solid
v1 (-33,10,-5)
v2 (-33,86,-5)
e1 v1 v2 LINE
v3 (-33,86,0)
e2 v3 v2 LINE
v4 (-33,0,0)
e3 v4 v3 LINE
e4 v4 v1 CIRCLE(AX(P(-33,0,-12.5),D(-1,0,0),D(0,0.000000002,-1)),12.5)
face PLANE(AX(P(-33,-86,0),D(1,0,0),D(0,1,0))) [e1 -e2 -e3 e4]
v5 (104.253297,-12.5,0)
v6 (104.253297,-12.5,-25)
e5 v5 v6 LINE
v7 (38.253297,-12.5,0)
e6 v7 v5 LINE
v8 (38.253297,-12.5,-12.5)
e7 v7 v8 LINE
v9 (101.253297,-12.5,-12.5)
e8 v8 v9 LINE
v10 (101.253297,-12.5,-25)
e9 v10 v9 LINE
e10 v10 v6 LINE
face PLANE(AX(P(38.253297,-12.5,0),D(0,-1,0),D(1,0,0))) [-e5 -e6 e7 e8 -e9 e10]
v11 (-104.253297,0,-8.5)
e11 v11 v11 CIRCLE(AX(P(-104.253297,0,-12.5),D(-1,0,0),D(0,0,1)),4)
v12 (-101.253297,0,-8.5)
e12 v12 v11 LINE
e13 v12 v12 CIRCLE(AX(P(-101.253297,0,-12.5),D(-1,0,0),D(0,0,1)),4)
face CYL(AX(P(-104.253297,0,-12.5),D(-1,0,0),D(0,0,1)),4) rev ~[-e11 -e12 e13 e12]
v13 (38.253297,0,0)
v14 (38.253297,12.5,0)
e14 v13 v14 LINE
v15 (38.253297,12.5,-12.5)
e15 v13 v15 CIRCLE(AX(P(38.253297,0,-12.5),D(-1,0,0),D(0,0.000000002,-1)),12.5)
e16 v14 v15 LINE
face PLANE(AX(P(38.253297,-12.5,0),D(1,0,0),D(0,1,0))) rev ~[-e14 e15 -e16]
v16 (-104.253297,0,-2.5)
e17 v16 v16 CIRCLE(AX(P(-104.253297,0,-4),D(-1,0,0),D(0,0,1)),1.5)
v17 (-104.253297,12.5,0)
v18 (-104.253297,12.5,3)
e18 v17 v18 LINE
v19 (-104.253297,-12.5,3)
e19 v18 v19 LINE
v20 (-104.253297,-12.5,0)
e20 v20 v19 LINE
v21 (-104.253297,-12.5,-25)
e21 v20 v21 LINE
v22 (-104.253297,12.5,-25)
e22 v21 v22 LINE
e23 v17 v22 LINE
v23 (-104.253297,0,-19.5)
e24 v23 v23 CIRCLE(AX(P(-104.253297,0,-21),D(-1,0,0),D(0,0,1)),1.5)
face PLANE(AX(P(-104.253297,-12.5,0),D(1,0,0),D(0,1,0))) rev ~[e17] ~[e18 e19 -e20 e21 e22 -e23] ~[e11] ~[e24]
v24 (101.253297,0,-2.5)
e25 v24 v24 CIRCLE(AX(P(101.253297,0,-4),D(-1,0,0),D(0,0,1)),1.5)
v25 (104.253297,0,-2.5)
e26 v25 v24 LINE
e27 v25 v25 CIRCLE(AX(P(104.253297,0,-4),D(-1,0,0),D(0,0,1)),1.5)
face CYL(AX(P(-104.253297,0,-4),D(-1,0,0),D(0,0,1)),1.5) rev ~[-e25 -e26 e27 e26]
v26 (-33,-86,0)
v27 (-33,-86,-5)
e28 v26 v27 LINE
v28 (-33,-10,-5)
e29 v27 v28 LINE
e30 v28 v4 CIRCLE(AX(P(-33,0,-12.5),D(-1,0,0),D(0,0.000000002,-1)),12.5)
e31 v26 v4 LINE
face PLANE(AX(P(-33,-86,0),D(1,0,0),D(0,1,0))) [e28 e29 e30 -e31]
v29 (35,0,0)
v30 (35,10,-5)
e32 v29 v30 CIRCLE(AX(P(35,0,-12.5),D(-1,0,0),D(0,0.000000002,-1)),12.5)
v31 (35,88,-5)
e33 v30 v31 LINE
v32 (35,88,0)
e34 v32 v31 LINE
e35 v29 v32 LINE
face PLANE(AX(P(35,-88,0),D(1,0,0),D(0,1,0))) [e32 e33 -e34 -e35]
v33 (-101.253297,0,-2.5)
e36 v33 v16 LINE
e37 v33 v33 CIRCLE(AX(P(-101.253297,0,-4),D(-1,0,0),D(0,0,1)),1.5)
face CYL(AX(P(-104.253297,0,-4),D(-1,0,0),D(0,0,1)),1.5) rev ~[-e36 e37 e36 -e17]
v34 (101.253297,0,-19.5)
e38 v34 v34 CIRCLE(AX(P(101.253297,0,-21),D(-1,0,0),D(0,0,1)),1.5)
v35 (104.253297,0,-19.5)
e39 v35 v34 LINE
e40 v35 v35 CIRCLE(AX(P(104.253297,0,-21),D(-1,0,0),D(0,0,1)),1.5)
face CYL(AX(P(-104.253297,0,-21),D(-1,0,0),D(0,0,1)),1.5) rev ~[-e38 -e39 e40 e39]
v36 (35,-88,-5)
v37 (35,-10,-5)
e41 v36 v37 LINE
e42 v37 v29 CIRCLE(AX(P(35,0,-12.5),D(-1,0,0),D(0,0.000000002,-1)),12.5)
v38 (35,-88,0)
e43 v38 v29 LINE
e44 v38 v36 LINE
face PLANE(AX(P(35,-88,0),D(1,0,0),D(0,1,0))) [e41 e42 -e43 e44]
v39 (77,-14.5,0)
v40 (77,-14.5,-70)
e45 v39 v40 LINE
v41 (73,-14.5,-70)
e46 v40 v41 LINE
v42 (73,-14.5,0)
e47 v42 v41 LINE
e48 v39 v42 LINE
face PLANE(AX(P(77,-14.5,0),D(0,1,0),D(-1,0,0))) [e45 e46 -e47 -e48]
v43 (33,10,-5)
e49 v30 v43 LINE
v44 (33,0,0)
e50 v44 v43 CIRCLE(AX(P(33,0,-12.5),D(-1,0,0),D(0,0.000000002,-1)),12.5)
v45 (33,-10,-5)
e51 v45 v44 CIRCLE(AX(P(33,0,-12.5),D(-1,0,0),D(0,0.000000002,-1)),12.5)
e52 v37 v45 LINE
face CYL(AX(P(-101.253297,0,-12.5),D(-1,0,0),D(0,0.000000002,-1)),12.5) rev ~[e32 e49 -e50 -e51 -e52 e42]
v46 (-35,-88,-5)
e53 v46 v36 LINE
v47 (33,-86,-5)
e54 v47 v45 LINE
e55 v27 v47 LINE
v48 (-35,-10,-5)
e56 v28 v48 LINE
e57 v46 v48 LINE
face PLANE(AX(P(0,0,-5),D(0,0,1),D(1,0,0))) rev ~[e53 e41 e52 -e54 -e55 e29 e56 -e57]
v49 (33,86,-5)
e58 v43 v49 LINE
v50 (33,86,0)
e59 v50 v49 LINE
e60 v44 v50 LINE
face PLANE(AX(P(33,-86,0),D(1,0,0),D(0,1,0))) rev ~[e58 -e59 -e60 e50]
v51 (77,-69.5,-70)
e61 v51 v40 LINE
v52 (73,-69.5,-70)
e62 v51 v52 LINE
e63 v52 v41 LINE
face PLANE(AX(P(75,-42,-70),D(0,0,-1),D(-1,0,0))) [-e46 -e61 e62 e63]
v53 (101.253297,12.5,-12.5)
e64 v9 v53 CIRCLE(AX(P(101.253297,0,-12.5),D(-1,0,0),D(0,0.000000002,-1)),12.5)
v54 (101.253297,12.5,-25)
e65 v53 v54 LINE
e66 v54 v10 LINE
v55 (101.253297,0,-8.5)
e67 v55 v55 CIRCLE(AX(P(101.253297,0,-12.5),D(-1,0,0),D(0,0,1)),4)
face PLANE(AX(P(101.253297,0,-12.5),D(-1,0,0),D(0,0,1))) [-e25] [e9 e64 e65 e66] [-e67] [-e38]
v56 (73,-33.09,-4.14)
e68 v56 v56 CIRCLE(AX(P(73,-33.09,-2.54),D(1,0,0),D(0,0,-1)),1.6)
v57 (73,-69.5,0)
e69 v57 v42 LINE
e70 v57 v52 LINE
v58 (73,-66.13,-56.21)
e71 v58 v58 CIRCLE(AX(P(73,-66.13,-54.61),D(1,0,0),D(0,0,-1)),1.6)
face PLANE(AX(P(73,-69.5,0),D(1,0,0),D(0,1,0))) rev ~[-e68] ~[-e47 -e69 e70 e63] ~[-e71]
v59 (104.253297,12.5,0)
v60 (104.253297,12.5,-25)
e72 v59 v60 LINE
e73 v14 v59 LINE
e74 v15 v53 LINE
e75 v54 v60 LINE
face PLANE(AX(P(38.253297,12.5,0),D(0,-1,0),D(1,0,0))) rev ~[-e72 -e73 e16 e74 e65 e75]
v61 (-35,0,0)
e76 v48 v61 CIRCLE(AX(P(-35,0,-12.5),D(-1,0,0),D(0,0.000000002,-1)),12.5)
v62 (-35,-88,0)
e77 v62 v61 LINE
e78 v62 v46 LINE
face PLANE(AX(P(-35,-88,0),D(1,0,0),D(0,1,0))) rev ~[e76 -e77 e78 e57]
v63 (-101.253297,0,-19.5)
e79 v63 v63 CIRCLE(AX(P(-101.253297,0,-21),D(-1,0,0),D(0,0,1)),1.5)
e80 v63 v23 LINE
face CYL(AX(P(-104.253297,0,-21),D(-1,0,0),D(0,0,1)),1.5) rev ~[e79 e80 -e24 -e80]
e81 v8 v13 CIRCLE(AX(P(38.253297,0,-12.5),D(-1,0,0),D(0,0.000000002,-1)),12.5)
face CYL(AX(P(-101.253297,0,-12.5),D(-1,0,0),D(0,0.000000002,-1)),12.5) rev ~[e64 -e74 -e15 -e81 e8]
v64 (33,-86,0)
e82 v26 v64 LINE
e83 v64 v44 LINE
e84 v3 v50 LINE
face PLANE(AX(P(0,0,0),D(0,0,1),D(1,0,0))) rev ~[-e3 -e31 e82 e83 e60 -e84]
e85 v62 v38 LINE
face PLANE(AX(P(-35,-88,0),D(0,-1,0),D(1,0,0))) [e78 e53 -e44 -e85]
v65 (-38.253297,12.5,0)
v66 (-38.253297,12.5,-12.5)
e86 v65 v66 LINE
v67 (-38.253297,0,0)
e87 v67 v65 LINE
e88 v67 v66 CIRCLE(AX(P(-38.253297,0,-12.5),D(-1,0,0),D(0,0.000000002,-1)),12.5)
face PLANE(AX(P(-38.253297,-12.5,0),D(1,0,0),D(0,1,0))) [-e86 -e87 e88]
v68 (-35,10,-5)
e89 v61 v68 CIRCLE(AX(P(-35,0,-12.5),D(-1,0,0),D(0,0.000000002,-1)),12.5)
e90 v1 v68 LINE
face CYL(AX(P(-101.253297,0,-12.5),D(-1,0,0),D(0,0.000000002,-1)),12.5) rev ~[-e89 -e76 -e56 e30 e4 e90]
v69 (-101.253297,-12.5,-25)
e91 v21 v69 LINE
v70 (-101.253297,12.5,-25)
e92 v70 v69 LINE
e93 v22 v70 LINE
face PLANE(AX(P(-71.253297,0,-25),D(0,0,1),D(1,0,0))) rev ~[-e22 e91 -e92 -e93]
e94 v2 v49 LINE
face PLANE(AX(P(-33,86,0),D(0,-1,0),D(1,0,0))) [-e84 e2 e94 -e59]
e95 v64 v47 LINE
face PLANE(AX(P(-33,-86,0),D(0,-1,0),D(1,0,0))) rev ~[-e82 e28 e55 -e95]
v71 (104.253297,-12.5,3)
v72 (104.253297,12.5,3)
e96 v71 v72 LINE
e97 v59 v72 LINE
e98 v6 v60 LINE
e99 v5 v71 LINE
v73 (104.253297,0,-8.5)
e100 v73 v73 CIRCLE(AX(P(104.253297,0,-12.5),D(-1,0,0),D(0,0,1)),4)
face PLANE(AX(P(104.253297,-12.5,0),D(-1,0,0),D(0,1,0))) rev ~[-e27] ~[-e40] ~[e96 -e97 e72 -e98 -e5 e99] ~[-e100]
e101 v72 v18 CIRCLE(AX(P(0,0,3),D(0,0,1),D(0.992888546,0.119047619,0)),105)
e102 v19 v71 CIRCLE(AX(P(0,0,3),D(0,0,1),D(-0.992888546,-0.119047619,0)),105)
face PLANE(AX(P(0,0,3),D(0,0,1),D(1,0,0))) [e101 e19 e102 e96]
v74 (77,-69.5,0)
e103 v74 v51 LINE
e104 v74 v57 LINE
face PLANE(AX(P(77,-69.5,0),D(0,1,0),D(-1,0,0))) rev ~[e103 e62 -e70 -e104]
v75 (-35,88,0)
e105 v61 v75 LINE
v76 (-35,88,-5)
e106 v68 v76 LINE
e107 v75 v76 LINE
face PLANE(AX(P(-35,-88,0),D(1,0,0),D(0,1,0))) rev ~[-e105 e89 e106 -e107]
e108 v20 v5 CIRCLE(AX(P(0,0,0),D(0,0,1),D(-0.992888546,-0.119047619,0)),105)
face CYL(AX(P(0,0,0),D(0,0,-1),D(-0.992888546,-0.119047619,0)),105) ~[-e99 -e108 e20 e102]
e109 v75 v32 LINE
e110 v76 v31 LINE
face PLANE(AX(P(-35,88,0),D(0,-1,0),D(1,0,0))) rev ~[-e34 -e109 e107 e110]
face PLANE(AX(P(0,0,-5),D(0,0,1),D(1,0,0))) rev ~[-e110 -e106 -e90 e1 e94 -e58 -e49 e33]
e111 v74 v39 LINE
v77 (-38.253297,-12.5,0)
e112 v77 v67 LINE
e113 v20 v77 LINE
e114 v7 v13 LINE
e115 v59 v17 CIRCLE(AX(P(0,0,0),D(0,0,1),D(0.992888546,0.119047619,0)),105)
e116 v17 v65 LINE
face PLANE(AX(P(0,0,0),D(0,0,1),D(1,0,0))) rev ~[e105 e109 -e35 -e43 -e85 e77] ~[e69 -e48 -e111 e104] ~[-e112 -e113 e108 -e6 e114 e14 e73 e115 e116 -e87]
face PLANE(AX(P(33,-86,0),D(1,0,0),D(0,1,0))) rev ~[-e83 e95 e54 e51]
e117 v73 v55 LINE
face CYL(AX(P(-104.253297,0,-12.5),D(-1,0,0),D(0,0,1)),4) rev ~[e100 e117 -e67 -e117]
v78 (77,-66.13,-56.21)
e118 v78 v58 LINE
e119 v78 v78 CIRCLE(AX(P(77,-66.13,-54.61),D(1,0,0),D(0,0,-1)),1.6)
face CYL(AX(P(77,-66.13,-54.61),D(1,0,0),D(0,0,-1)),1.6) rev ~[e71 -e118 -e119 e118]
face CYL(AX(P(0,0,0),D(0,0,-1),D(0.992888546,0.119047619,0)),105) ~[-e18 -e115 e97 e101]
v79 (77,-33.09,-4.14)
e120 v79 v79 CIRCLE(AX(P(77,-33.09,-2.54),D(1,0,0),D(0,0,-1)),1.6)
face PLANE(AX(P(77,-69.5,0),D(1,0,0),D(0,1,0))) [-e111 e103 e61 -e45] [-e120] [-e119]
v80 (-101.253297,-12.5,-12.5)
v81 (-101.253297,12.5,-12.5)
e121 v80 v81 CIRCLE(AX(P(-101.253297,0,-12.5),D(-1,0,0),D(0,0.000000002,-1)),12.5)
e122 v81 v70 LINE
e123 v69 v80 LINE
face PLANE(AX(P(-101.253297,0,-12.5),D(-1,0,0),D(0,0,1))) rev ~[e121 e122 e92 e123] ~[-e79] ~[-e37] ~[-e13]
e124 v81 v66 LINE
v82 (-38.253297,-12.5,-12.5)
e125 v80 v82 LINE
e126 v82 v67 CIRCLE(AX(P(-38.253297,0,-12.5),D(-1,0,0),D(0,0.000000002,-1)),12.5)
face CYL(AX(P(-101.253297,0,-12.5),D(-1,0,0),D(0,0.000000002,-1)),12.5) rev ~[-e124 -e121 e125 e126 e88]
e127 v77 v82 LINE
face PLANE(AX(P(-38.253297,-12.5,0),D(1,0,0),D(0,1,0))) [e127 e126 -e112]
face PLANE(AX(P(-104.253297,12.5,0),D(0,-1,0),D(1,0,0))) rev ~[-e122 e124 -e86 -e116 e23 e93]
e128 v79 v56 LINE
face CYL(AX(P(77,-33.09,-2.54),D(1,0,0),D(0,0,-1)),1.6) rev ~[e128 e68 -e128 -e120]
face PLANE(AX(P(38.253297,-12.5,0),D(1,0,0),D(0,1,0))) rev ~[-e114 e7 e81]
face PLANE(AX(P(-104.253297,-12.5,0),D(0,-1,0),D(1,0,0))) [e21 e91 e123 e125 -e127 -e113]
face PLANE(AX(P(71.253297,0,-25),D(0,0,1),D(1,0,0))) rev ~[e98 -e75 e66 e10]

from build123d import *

# Parameters (mm, degrees)
BOSS_EXTRUDE1_DEPTH     = 3
SKETCH1_3_W             = 70
SKETCH1_3_H             = 176
SKETCH1_3_W_2           = 66
SKETCH1_3_H_2           = 172
BOSS_EXTRUDE2_DEPTH     = 5
SKETCH1_4_W             = 66
SKETCH1_4_H             = 25
BOSS_EXTRUDE3_DEPTH     = 25
CUT_EXTRUDE1_START      = -3
SKETCH2_R               = 12.5
SKETCH2_R_2             = 1.5
CUT_EXTRUDE1_DEPTH      = 202.50659462
SKETCH2_4_R             = 1.5
SKETCH2_4_R_2           = 4
CUT_EXTRUDE2_DEPTH      = 1
CUT_EXTRUDE2_DEPTH_BACK = 209.50659462
SKETCH5_R               = 14.5
CUT_EXTRUDE3_DEPTH      = 15.5
SKETCH6_W               = 4
SKETCH6_H               = 55
BOSS_EXTRUDE4_DEPTH     = 70
SKETCH7_R               = 1.6
CUT_EXTRUDE4_DEPTH      = 4


with BuildPart() as part:
    # Sketch1 → Boss-Extrude1 (new body)
    with BuildSketch(Plane.XY):
        with BuildLine():
            ThreePointArc((104.25329731, 12.5), (0, 105), (-104.25329731, 12.5))
            Line((-104.25329731, 12.5), (-104.25329731, -12.5))
            ThreePointArc((-104.25329731, -12.5), (0, -105), (104.25329731, -12.5))
            Line((104.25329731, -12.5), (104.25329731, 12.5))
        make_face()
    extrude(amount=BOSS_EXTRUDE1_DEPTH)

    # Sketch1_3 → Boss-Extrude2 (add)
    with BuildSketch(Plane.XY):
        Rectangle(SKETCH1_3_W, SKETCH1_3_H)
        Rectangle(SKETCH1_3_W_2, SKETCH1_3_H_2, mode=Mode.SUBTRACT)
    extrude(amount=-BOSS_EXTRUDE2_DEPTH)

    # Sketch1_4 → Boss-Extrude3 (add)
    with BuildSketch(Plane.XY):
        with Locations((-71.25329731, 0)):
            Rectangle(SKETCH1_4_W, SKETCH1_4_H)
        with Locations((71.25329731, 0)):
            Rectangle(SKETCH1_4_W, SKETCH1_4_H)
    extrude(amount=-BOSS_EXTRUDE3_DEPTH)

    # Sketch2 → Cut-Extrude1 (cut)
    with BuildSketch(Plane.ZY.offset(104.25329731).offset(CUT_EXTRUDE1_START)):
        with Locations((-12.5, 0)):
            Circle(SKETCH2_R)
        with Locations((-4, 0)):
            Circle(SKETCH2_R_2, mode=Mode.SUBTRACT)
        with Locations((-21, 0)):
            Circle(SKETCH2_R_2, mode=Mode.SUBTRACT)
        with BuildLine():
            ThreePointArc((-25, 2.5e-08), (-21.338834756, 8.838834774), (-12.5, 12.5))
            Line((-12.5, 12.5), (-25, 12.5))
            Line((-25, 12.5), (-25, 2.5e-08))
        make_face()
        with BuildLine():
            ThreePointArc((-12.5, -12.5), (-21.338834774, -8.838834756), (-25, 2.5e-08))
            Line((-25, 2.5e-08), (-25, -12.5))
            Line((-25, -12.5), (-12.5, -12.5))
        make_face()
    extrude(amount=-CUT_EXTRUDE1_DEPTH, mode=Mode.SUBTRACT)


with BuildPart() as cut_extrude1_piece_1:
    # of the 3 separate pieces the step leaves, piece 1, a body of its own (cut_extrude1_pieces)
    add(part.part.solids().sort_by_distance((104.25329731, -12.5, 0))[0])


with BuildPart() as cut_extrude1_piece_2:
    # of the 3 separate pieces the step leaves, piece 2, a body of its own (cut_extrude1_pieces)
    add(part.part.solids().sort_by_distance((-35, -1.118033989, -5))[0])


with BuildPart() as cut_extrude1_piece_3:
    # of the 3 separate pieces the step leaves, piece 3, a body of its own (cut_extrude1_pieces)
    add(part.part.solids().sort_by_distance((35, 1.118033989, -5))[0])


with BuildPart() as cut_extrude2_tool:
    # Sketch2_4 → Cut-Extrude2 (new, two sides)
    with BuildSketch(Plane.ZY.offset(104.25329731)) as cut_extrude2_sk:
        with Locations((-21, 0)):
            Circle(SKETCH2_4_R)
        with Locations((-4, 0)):
            Circle(SKETCH2_4_R)
        with Locations((-12.5, 0)):
            Circle(SKETCH2_4_R_2)
    extrude(amount=CUT_EXTRUDE2_DEPTH)
    extrude(cut_extrude2_sk.sketch, amount=-CUT_EXTRUDE2_DEPTH_BACK)


with BuildPart() as cut_extrude1_piece_1_1:
    add(cut_extrude1_piece_1.part)

    # Cut-Extrude2: cut by cut_extrude2_tool
    add(cut_extrude2_tool.part, mode=Mode.SUBTRACT)

    # Sketch4 one side → Revolve1 (revolve)
    with BuildSketch(Plane(origin=(0, 0, 0), x_dir=(0, 0, -1), z_dir=(1, 0, 0))):
        with BuildLine():
            Line((-17.5, 90.5), (-3, 90.5))
            Line((-3, 90.5), (-3, 105))
            ThreePointArc((-3, 105), (-13.253048327, 100.753048327), (-17.5, 90.5))
        make_face()
    revolve(axis=Axis((0, 90.5, 17.5), (0, 0, -1)))

    # Sketch4_4 one side → Revolve2 (revolve)
    with BuildSketch(Plane(origin=(0, 0, 0), x_dir=(0, 0, -1), z_dir=(1, 0, 0))):
        with BuildLine():
            Line((-17.5, -90.5), (-3, -90.5))
            Line((-3, -90.5), (-3, -76))
            ThreePointArc((-3, -76), (-13.253048327, -80.246951673), (-17.5, -90.5))
        make_face()
    revolve(axis=Axis((0, -90.5, 17.5), (0, 0, -1)))

    # Sketch5 → Cut-Extrude3 (cut, through all)
    with BuildSketch(Plane.XY.offset(3)):
        with Locations((0, -90.5)):
            Circle(SKETCH5_R)
        with Locations((0, 90.5)):
            Circle(SKETCH5_R)
    extrude(amount=CUT_EXTRUDE3_DEPTH, mode=Mode.SUBTRACT)

    # Sketch6 → Boss-Extrude4 (add)
    with BuildSketch(Plane(origin=(0, 0, 0), x_dir=(-1, 0, 0), z_dir=(0, 0, -1))):
        with Locations((-75, -42)):
            Rectangle(SKETCH6_W, SKETCH6_H)
    extrude(amount=BOSS_EXTRUDE4_DEPTH)

    # Sketch7 → Cut-Extrude4 (cut)
    with BuildSketch(Plane(origin=(77, 0, 0), x_dir=(0, 0, -1), z_dir=(1, 0, 0))):
        with Locations((2.54, -33.09)):
            Circle(SKETCH7_R)
        with Locations((54.61, -66.13)):
            Circle(SKETCH7_R)
    extrude(amount=-CUT_EXTRUDE4_DEPTH, mode=Mode.SUBTRACT)


with BuildPart() as cut_extrude1_piece_2_1:
    add(cut_extrude1_piece_2.part)

    # Cut-Extrude2: cut by cut_extrude2_tool
    add(cut_extrude2_tool.part, mode=Mode.SUBTRACT)


with BuildPart() as cut_extrude1_piece_3_1:
    add(cut_extrude1_piece_3.part)

    # Cut-Extrude2: cut by cut_extrude2_tool
    add(cut_extrude2_tool.part, mode=Mode.SUBTRACT)


solid = cut_extrude1_piece_1_1.part
